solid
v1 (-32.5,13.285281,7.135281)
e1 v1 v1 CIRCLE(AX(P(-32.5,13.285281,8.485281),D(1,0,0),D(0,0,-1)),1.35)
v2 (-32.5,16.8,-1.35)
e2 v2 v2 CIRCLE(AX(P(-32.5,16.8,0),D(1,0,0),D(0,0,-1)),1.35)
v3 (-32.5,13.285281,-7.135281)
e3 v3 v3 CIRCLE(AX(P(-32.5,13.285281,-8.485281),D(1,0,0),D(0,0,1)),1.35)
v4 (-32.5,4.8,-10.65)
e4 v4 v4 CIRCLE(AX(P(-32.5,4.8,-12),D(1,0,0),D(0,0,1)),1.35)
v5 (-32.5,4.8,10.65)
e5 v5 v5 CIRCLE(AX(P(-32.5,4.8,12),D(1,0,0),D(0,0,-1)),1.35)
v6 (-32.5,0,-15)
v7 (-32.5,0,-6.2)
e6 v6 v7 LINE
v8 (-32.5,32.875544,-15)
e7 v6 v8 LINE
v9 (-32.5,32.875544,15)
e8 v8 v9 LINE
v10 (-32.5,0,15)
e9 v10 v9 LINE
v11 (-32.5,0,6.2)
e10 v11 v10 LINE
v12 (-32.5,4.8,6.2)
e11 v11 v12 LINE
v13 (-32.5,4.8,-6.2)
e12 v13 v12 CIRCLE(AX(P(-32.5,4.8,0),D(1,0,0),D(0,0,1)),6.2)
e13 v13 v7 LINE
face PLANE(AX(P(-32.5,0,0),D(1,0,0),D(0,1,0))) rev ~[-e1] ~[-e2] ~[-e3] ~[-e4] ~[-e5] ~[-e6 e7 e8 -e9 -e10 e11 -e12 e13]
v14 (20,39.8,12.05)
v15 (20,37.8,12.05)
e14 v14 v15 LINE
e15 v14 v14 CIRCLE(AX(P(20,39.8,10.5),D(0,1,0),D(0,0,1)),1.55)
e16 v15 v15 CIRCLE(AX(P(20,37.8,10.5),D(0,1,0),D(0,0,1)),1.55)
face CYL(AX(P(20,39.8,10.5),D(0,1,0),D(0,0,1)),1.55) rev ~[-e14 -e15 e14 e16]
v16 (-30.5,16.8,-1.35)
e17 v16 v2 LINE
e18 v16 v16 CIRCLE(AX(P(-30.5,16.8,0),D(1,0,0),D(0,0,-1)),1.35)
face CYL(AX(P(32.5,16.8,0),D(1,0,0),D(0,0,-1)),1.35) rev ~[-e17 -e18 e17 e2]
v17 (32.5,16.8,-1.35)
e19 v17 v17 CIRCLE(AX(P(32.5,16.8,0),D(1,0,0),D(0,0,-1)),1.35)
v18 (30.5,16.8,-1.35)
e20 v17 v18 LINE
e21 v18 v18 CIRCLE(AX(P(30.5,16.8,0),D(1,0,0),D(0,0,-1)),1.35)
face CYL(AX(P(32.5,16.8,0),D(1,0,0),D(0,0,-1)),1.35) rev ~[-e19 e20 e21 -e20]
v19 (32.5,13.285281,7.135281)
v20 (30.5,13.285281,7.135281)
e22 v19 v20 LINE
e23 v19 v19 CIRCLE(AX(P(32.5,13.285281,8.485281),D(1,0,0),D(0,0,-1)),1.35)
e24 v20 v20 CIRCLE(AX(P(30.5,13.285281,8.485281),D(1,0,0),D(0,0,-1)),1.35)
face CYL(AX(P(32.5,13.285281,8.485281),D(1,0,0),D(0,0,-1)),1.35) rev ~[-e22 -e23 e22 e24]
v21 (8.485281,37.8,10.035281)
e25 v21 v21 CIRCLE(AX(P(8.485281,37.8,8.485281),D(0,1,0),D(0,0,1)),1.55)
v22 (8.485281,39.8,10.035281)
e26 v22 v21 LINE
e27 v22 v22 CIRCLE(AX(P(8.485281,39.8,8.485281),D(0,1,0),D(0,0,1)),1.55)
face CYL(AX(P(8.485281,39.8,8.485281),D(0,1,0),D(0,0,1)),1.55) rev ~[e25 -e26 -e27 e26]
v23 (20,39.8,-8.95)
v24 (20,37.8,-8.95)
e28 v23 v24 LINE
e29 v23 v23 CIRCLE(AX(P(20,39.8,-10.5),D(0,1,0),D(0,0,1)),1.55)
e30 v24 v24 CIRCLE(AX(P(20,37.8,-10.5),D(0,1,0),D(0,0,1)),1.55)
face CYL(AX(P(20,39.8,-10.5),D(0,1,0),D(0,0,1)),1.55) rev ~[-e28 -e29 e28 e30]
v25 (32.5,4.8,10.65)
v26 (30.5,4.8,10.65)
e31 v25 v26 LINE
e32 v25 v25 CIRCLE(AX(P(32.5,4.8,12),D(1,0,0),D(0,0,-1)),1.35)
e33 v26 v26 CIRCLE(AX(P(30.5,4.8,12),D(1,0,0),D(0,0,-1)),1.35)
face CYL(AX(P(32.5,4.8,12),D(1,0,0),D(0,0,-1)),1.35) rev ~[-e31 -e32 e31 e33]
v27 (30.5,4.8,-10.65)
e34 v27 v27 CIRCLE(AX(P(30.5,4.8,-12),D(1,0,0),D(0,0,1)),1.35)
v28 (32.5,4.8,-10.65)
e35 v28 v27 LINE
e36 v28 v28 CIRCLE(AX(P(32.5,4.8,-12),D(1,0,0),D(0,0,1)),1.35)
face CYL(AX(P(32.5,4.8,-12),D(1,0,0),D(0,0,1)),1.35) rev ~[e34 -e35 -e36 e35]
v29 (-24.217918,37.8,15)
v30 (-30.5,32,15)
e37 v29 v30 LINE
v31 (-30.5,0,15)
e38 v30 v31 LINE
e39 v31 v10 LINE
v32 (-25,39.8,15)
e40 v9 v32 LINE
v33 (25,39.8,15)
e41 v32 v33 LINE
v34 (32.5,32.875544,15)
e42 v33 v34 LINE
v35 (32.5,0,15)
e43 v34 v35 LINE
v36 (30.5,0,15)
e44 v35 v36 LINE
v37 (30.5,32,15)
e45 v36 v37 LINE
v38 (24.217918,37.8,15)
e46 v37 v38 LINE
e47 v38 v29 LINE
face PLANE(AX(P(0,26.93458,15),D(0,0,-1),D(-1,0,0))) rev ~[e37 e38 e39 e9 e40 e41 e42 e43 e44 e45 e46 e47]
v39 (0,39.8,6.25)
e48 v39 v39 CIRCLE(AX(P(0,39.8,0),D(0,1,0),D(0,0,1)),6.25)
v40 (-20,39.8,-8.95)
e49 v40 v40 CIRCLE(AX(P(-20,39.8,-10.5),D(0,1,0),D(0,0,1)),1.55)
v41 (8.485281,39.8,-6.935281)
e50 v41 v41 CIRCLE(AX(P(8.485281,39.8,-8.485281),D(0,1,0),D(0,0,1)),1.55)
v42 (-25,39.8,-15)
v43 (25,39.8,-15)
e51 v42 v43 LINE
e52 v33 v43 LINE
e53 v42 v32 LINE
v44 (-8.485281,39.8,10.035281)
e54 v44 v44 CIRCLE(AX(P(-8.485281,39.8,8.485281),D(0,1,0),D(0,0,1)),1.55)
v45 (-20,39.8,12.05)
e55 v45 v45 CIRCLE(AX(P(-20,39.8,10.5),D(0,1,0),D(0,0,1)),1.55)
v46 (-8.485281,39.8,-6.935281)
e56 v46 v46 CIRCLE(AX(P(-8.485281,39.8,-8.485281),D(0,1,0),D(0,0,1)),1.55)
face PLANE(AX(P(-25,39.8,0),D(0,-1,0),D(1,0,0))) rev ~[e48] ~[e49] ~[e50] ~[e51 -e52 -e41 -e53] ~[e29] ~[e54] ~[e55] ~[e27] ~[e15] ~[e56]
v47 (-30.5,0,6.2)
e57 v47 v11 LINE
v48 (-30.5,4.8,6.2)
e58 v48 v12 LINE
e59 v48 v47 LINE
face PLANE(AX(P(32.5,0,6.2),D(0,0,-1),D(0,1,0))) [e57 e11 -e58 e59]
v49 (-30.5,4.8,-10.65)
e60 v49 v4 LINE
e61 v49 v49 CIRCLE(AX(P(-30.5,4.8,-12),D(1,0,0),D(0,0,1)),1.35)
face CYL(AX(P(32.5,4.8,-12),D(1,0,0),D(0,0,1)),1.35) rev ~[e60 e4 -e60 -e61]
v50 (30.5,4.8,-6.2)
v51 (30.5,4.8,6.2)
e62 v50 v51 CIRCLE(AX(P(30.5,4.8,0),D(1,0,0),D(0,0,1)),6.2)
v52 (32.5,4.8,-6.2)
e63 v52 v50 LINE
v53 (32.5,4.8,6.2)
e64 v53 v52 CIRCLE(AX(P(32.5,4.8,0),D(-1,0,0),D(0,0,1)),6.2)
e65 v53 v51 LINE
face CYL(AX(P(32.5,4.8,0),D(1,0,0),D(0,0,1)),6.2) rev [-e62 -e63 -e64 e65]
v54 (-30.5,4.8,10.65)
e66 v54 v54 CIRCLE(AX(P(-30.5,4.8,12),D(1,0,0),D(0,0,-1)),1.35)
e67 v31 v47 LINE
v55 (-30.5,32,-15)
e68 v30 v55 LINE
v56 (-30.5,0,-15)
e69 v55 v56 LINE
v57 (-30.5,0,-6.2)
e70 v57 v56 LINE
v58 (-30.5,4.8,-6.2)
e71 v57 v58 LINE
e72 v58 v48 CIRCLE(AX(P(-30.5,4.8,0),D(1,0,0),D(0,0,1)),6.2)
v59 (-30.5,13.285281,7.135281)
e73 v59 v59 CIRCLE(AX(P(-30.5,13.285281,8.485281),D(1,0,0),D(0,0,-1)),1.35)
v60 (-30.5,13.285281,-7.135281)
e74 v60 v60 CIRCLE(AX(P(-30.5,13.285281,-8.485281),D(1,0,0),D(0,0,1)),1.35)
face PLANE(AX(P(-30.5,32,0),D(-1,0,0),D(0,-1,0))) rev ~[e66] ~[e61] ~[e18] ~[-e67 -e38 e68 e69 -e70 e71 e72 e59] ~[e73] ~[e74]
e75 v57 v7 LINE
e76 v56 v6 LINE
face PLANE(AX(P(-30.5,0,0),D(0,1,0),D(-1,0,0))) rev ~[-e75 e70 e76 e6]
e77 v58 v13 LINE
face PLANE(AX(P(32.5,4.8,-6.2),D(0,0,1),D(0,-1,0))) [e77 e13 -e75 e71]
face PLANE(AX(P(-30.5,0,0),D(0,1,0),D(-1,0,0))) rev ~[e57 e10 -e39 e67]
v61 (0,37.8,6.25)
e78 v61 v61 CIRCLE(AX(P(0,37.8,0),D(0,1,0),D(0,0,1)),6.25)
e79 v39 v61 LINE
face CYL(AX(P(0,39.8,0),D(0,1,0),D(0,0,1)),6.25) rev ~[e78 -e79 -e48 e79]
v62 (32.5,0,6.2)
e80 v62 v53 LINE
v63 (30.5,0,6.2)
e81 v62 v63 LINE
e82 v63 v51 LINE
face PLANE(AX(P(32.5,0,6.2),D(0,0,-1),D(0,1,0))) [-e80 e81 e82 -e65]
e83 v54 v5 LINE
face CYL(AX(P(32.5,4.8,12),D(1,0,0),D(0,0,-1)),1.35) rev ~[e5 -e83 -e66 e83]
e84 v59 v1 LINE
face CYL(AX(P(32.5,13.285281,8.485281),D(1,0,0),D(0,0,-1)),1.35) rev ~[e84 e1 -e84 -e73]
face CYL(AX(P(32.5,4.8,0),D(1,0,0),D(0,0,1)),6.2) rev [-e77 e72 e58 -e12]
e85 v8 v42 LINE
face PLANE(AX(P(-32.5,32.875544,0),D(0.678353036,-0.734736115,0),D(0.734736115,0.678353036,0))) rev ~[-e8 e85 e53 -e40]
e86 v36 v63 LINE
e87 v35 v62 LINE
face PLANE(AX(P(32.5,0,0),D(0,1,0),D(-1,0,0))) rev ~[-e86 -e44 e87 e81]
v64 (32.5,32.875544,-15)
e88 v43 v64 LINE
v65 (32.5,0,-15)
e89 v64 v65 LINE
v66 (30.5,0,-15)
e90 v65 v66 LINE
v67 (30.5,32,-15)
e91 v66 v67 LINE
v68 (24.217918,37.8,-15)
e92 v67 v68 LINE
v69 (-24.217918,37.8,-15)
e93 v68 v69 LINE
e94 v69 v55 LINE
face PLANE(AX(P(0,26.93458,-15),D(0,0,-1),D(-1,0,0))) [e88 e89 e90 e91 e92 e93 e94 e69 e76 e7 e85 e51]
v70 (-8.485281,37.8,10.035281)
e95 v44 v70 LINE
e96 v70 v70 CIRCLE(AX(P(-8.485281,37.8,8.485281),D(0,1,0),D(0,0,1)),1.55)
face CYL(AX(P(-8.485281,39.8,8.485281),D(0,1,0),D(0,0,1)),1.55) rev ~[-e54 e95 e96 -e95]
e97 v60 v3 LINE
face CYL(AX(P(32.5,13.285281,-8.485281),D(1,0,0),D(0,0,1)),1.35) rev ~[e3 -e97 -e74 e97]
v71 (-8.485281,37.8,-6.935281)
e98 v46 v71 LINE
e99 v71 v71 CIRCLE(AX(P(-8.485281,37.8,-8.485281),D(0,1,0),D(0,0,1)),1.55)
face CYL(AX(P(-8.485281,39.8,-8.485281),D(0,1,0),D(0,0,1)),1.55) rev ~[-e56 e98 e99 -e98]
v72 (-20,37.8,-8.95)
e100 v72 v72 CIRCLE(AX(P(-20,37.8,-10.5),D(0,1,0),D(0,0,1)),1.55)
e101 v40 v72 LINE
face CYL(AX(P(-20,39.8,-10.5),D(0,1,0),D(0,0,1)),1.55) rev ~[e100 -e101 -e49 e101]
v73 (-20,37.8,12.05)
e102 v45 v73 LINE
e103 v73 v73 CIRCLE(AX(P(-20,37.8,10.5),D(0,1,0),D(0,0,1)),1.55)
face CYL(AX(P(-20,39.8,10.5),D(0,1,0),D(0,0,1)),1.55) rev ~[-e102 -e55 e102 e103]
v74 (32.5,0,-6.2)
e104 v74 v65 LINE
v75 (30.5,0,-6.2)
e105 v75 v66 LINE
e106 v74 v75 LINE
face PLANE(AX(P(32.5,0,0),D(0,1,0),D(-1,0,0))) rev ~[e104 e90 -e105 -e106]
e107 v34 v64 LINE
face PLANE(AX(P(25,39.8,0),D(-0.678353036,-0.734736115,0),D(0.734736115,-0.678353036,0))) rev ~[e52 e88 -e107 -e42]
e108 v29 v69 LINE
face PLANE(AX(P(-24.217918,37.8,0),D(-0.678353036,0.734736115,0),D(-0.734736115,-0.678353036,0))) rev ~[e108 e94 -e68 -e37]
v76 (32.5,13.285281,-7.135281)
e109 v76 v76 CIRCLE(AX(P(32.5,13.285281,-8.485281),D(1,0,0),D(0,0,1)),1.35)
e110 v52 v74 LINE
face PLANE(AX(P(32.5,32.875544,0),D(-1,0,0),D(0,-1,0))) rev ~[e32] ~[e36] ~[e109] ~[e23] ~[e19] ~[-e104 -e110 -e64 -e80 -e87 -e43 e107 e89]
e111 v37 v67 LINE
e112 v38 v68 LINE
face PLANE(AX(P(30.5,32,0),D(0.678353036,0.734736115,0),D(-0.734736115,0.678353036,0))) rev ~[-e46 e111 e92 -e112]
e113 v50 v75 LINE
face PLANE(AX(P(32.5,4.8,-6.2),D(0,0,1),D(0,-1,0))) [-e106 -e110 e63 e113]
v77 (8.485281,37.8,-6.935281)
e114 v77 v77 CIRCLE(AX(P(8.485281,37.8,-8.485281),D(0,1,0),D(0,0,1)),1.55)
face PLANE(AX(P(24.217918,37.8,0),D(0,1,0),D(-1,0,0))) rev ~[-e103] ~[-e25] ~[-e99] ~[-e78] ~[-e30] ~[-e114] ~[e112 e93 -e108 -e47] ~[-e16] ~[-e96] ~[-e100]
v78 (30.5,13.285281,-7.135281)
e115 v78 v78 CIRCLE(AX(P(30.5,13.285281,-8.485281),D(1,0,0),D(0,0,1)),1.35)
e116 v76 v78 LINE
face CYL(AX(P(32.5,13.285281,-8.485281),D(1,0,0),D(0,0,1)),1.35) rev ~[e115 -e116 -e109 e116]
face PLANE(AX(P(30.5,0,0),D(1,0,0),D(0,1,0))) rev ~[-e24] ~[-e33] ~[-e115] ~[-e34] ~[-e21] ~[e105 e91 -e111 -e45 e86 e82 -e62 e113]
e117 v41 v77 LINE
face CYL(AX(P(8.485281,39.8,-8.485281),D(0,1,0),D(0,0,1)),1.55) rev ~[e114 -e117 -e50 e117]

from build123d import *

# Parameters (mm, degrees)
BOSS_EXTRU_1_DEPTH      = 15
ESQUISSE3_R             = 6.25
ESQUISSE3_R_2           = 1.55
ENL_V_MAT_EXTRU_1_DEPTH = 54.528403675
ESQUISSE4_R             = 1.35
ENL_V_MAT_EXTRU_2_DEPTH = 78.679083414


with BuildPart() as part:
    # Esquisse1 → Boss.-Extru.1 (new, symmetric)
    with BuildSketch(Plane.XY):
        Polygon((-25, 39.8), (25, 39.8), (32.5, 32.875544179), (32.5, 0), (30.5, 0), (30.5, 32), (24.217917895, 37.8), (-24.217917895, 37.8), (-30.5, 32), (-30.5, 0), (-32.5, 0), (-32.5, 32.875544179), align=None)
    extrude(amount=BOSS_EXTRU_1_DEPTH, both=True)

    # Esquisse3 → Enlèv. mat.-Extru.1 (cut, through all)
    with BuildSketch(Plane(origin=(0, 39.8, 0), x_dir=(1, 0, 0), z_dir=(0, 1, 0))):
        with Locations(Location((0, 0, 0), (0, 0, 270))):
            Circle(ESQUISSE3_R)
        with Locations(Location((-8.485281374, 8.485281374, 0), (0, 0, 270))):
            Circle(ESQUISSE3_R_2)
        with Locations(Location((-8.485281374, -8.485281374, 0), (0, 0, 270))):
            Circle(ESQUISSE3_R_2)
        with Locations(Location((8.485281374, -8.485281374, 0), (0, 0, 270))):
            Circle(ESQUISSE3_R_2)
        with Locations(Location((8.485281374, 8.485281374, 0), (0, 0, 270))):
            Circle(ESQUISSE3_R_2)
        with Locations(Location((20, 10.5, 0), (0, 0, 270))):
            Circle(ESQUISSE3_R_2)
        with Locations(Location((-20, 10.5, 0), (0, 0, 270))):
            Circle(ESQUISSE3_R_2)
        with Locations(Location((20, -10.5, 0), (0, 0, 270))):
            Circle(ESQUISSE3_R_2)
        with Locations(Location((-20, -10.5, 0), (0, 0, 270))):
            Circle(ESQUISSE3_R_2)
    extrude(amount=-ENL_V_MAT_EXTRU_1_DEPTH, mode=Mode.SUBTRACT)

    # Esquisse4 → Enlèv. mat.-Extru.2 (cut, through all)
    with BuildSketch(Plane(origin=(32.5, 0, 0), x_dir=(0, 0, -1), z_dir=(1, 0, 0))):
        with Locations((-12, 4.8)):
            Circle(ESQUISSE4_R)
        with Locations((0, 16.8)):
            Circle(ESQUISSE4_R)
        with Locations((-8.485281374, 13.285281374)):
            Circle(ESQUISSE4_R)
        with Locations(Location((12, 4.8, 0), (0, 0, 180))):
            Circle(ESQUISSE4_R)
        with Locations(Location((8.485281374, 13.285281374, 0), (0, 0, 180))):
            Circle(ESQUISSE4_R)
        with BuildLine():
            Line((-6.2, 0), (-6.2, 4.8))
            ThreePointArc((-6.2, 4.8), (0, 11), (6.2, 4.8))
            Line((6.2, 4.8), (6.2, 0))
            Line((6.2, 0), (-6.2, 0))
        make_face()
    extrude(amount=-ENL_V_MAT_EXTRU_2_DEPTH, mode=Mode.SUBTRACT)


solid = part.part
